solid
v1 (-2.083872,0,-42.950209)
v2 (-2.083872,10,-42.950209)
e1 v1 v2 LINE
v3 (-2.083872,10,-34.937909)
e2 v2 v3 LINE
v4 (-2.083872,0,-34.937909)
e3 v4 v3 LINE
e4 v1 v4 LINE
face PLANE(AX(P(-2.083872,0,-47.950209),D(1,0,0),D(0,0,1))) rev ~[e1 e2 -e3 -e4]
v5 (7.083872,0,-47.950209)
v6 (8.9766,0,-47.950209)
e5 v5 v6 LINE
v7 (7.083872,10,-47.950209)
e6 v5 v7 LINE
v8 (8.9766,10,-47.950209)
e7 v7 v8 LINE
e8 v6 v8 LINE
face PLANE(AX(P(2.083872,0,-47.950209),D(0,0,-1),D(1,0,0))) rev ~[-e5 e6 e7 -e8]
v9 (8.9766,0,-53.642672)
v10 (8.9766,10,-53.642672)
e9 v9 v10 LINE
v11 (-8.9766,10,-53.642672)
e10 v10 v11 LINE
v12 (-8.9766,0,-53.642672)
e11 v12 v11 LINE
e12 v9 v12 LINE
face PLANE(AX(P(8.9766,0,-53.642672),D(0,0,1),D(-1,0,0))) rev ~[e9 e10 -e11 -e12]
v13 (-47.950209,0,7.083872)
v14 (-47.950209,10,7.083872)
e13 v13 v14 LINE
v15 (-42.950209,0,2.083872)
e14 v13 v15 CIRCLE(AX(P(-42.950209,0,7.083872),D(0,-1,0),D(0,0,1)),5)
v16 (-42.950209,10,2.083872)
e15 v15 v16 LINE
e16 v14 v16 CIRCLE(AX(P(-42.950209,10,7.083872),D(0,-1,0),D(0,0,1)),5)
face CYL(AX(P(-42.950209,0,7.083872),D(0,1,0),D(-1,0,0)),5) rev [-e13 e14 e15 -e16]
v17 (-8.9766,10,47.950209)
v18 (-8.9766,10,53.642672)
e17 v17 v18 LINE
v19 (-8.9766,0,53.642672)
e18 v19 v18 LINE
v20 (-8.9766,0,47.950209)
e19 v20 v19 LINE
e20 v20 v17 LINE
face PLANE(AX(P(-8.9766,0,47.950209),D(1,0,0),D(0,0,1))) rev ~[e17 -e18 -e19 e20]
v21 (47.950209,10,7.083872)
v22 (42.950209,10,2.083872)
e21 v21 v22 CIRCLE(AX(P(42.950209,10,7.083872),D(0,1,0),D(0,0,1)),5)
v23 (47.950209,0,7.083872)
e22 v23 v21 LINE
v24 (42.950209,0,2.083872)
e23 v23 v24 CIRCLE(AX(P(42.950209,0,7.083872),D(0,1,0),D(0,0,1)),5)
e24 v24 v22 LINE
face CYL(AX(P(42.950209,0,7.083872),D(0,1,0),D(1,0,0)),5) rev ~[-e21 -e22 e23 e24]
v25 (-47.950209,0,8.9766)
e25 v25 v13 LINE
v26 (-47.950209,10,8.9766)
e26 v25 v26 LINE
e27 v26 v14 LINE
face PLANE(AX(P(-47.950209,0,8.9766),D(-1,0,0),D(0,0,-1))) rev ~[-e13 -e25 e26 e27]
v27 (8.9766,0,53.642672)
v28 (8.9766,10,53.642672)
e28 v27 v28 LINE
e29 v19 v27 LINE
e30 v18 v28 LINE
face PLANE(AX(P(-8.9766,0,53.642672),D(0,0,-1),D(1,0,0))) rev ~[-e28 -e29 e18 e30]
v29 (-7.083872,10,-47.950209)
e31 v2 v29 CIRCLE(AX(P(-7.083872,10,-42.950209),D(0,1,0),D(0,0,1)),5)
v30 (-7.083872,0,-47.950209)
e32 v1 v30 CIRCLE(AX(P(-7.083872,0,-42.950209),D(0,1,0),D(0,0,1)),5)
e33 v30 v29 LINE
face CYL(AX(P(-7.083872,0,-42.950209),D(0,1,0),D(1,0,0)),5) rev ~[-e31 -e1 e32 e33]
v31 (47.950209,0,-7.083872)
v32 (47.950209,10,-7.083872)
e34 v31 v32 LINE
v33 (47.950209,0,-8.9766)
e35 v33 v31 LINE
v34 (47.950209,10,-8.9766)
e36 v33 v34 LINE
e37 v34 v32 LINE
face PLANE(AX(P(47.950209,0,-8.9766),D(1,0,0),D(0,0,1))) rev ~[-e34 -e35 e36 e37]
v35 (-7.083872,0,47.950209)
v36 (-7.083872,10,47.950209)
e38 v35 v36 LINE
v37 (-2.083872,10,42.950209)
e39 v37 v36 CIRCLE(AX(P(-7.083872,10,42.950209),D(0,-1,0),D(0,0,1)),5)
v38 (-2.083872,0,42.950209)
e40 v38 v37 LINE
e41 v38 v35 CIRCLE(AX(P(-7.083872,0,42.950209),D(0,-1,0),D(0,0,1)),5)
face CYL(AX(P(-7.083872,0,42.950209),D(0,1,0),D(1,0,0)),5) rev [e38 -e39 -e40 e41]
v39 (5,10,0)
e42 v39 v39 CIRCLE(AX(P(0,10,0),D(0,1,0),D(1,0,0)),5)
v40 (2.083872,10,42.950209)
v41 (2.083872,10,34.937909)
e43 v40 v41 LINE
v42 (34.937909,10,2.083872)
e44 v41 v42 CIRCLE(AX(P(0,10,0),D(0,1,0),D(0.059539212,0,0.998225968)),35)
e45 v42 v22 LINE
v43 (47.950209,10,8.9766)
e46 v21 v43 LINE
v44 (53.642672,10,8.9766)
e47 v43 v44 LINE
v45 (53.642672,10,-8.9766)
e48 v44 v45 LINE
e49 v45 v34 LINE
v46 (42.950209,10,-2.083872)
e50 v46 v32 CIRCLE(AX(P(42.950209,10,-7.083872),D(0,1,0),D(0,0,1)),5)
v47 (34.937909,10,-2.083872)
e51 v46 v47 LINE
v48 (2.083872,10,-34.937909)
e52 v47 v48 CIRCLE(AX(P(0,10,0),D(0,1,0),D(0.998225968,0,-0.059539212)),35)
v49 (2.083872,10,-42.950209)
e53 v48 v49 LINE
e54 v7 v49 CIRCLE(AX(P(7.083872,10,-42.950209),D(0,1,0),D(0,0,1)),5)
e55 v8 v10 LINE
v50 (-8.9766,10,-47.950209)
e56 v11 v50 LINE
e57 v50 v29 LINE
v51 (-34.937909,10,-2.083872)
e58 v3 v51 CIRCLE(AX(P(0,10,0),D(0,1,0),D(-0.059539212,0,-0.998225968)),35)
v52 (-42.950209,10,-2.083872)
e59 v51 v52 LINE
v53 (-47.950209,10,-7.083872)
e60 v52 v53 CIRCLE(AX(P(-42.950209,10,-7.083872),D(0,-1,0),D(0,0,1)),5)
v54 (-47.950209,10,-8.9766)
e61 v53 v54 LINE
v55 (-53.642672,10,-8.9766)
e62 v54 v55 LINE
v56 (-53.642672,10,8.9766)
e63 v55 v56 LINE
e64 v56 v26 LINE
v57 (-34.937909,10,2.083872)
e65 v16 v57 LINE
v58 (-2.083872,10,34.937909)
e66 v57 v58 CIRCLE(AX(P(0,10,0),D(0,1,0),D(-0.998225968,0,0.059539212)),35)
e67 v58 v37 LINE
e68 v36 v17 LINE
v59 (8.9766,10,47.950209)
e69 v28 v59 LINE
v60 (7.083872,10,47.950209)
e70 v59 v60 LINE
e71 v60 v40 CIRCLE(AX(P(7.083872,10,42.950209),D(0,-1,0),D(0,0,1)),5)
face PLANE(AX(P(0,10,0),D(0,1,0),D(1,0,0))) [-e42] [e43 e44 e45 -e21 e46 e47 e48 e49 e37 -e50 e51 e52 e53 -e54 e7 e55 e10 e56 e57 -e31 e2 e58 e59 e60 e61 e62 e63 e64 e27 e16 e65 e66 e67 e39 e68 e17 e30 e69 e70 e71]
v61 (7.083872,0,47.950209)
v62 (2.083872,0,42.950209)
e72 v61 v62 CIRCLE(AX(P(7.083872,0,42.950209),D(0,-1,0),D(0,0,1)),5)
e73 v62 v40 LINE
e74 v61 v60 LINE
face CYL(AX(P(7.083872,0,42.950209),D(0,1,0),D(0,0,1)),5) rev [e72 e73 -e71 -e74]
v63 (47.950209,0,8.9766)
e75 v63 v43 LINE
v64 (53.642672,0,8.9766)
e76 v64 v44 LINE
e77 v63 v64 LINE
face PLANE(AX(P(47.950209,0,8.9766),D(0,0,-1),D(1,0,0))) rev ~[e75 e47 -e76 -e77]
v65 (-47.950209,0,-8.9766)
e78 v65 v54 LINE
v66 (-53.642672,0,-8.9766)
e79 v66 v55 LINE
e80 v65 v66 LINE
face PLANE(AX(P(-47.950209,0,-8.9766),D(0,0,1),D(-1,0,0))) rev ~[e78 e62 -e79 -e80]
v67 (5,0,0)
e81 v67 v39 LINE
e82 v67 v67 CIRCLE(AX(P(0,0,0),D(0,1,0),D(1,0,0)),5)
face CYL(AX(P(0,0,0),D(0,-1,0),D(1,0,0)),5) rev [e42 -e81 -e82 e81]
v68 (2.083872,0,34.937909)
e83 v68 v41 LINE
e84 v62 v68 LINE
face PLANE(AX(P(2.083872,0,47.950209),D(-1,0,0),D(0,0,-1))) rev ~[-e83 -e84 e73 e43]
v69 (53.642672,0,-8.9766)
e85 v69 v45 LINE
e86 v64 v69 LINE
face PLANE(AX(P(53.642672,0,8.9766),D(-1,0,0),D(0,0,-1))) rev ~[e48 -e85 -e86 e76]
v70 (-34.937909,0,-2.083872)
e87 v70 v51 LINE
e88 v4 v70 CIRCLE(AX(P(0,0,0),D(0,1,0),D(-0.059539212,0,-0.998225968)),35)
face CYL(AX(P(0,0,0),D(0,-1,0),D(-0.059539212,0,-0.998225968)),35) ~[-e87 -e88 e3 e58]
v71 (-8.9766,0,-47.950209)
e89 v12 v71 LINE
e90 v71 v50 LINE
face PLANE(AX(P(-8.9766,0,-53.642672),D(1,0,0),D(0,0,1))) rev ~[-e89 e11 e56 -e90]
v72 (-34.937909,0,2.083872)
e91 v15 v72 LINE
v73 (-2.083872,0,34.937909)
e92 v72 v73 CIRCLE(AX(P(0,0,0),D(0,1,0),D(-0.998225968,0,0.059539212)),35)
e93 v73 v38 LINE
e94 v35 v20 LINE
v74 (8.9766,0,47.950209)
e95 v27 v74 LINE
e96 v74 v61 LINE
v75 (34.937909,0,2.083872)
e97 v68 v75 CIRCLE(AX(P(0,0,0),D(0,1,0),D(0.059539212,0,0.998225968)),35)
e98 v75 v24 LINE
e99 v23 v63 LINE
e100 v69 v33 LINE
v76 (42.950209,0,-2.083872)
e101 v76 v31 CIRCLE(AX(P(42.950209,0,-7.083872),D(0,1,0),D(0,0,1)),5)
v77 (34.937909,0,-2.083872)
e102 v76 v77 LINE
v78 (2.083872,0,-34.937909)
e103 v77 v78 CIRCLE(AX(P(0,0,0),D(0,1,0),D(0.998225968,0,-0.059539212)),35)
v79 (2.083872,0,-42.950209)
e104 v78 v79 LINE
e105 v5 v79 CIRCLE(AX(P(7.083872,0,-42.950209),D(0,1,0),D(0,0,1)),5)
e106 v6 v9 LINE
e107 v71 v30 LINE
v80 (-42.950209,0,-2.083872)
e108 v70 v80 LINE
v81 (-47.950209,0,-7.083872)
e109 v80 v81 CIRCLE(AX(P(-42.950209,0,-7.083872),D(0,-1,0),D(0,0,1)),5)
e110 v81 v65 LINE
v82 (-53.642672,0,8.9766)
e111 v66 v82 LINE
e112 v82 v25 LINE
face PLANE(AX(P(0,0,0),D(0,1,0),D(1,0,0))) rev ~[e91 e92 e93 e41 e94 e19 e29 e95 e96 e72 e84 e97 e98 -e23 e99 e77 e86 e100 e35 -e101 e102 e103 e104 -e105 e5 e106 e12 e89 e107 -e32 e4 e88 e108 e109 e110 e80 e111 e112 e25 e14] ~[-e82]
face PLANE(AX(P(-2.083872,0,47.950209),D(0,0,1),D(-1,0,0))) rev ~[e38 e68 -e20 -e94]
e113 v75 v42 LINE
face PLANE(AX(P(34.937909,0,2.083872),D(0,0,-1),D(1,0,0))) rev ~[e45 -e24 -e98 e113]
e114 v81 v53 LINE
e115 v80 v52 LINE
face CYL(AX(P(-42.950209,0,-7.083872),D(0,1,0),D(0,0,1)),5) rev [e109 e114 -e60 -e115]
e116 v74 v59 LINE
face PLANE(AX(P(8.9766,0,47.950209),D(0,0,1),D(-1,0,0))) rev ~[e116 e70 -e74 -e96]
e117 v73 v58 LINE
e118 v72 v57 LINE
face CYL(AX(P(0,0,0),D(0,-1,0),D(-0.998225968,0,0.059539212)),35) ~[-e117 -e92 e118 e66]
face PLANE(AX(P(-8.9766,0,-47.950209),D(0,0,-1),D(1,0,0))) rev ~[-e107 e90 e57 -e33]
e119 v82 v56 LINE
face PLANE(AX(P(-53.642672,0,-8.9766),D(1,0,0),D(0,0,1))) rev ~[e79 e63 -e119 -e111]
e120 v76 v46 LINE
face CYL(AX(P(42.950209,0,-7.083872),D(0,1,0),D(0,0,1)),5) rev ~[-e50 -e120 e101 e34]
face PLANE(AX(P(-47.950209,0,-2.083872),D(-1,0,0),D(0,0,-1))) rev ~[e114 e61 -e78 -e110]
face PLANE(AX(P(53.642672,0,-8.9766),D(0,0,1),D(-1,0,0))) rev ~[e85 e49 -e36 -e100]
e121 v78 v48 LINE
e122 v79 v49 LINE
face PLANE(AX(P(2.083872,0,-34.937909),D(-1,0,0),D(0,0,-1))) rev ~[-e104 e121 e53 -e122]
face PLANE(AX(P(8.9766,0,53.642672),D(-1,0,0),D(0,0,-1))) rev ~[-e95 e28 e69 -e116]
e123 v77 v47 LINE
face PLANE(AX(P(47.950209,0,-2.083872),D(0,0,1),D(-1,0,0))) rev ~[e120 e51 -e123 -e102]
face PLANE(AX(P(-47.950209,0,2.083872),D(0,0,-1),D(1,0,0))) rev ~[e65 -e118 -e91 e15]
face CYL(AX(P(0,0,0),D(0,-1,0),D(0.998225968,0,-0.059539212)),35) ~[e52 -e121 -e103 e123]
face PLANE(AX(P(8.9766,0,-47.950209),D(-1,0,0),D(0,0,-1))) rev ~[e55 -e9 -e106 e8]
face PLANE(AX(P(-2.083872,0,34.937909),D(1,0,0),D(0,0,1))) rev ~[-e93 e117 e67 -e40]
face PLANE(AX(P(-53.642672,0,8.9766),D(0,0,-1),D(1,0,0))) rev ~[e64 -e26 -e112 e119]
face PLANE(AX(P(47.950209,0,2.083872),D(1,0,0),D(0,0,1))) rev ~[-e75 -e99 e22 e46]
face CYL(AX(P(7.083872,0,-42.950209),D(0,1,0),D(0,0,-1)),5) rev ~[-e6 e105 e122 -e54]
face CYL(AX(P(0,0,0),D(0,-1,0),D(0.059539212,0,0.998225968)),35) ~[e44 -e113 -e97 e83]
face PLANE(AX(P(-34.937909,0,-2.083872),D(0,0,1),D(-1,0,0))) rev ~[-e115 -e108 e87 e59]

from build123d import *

# Parameters (mm, degrees)
SKETCH1_R           = 5
BOSS_EXTRUDE1_DEPTH = 10
FILLET1_R           = 5


with BuildPart() as part:
    # Sketch1 → Boss-Extrude1 (new body)
    with BuildSketch(Plane(origin=(0, 0, 0), x_dir=(1, 0, 0), z_dir=(0, 1, 0))):
        with BuildLine():
            Line((-2.083872426, 47.950209336), (-2.083872426, 34.937908863))
            ThreePointArc((-2.083872426, 34.937908863), (-24.748737342, 24.748737342), (-34.937908863, 2.083872426))
            Line((-34.937908863, 2.083872426), (-47.950209336, 2.083872426))
            Line((-47.950209336, 2.083872426), (-47.950209336, 8.976599642))
            Line((-47.950209336, 8.976599642), (-53.642672207, 8.976599642))
            Line((-53.642672207, 8.976599642), (-53.642672207, -8.976599642))
            Line((-53.642672207, -8.976599642), (-47.950209336, -8.976599642))
            Line((-47.950209336, -8.976599642), (-47.950209336, -2.083872426))
            Line((-47.950209336, -2.083872426), (-34.937908863, -2.083872426))
            ThreePointArc((-34.937908863, -2.083872426), (-24.748737342, -24.748737342), (-2.083872426, -34.937908863))
            Line((-2.083872426, -34.937908863), (-2.083872426, -47.950209336))
            Line((-2.083872426, -47.950209336), (-8.976599642, -47.950209336))
            Line((-8.976599642, -47.950209336), (-8.976599642, -53.642672207))
            Line((-8.976599642, -53.642672207), (8.976599642, -53.642672207))
            Line((8.976599642, -53.642672207), (8.976599642, -47.950209336))
            Line((8.976599642, -47.950209336), (2.083872426, -47.950209336))
            Line((2.083872426, -47.950209336), (2.083872426, -34.937908863))
            ThreePointArc((2.083872426, -34.937908863), (24.748737342, -24.748737342), (34.937908863, -2.083872426))
            Line((34.937908863, -2.083872426), (47.950209336, -2.083872426))
            Line((47.950209336, -2.083872426), (47.950209336, -8.976599642))
            Line((47.950209336, -8.976599642), (53.642672207, -8.976599642))
            Line((53.642672207, -8.976599642), (53.642672207, 8.976599642))
            Line((53.642672207, 8.976599642), (47.950209336, 8.976599642))
            Line((47.950209336, 8.976599642), (47.950209336, 2.083872426))
            Line((47.950209336, 2.083872426), (34.937908863, 2.083872426))
            ThreePointArc((34.937908863, 2.083872426), (24.748737342, 24.748737342), (2.083872426, 34.937908863))
            Line((2.083872426, 34.937908863), (2.083872426, 47.950209336))
            Line((2.083872426, 47.950209336), (8.976599642, 47.950209336))
            Line((8.976599642, 47.950209336), (8.976599642, 53.642672207))
            Line((8.976599642, 53.642672207), (-8.976599642, 53.642672207))
            Line((-8.976599642, 53.642672207), (-8.976599642, 47.950209336))
            Line((-8.976599642, 47.950209336), (-2.083872426, 47.950209336))
        make_face()
        Circle(SKETCH1_R, mode=Mode.SUBTRACT)
    extrude(amount=BOSS_EXTRUDE1_DEPTH)

    # Fillet1
    fillet1_edges = [part.edges().sort_by_distance(p)[0] for p in [
        (2.083872426, 5, 47.950209336),
        (-2.083872426, 5, 47.950209336),
        (-47.950209336, 5, 2.083872426),
        (-47.950209336, 5, -2.083872426),
        (-2.083872426, 5, -47.950209336),
        (2.083872426, 5, -47.950209336),
        (47.950209336, 5, -2.083872426),
        (47.950209336, 5, 2.083872426),
    ]]
    fillet(fillet1_edges, radius=FILLET1_R)


solid = part.part
